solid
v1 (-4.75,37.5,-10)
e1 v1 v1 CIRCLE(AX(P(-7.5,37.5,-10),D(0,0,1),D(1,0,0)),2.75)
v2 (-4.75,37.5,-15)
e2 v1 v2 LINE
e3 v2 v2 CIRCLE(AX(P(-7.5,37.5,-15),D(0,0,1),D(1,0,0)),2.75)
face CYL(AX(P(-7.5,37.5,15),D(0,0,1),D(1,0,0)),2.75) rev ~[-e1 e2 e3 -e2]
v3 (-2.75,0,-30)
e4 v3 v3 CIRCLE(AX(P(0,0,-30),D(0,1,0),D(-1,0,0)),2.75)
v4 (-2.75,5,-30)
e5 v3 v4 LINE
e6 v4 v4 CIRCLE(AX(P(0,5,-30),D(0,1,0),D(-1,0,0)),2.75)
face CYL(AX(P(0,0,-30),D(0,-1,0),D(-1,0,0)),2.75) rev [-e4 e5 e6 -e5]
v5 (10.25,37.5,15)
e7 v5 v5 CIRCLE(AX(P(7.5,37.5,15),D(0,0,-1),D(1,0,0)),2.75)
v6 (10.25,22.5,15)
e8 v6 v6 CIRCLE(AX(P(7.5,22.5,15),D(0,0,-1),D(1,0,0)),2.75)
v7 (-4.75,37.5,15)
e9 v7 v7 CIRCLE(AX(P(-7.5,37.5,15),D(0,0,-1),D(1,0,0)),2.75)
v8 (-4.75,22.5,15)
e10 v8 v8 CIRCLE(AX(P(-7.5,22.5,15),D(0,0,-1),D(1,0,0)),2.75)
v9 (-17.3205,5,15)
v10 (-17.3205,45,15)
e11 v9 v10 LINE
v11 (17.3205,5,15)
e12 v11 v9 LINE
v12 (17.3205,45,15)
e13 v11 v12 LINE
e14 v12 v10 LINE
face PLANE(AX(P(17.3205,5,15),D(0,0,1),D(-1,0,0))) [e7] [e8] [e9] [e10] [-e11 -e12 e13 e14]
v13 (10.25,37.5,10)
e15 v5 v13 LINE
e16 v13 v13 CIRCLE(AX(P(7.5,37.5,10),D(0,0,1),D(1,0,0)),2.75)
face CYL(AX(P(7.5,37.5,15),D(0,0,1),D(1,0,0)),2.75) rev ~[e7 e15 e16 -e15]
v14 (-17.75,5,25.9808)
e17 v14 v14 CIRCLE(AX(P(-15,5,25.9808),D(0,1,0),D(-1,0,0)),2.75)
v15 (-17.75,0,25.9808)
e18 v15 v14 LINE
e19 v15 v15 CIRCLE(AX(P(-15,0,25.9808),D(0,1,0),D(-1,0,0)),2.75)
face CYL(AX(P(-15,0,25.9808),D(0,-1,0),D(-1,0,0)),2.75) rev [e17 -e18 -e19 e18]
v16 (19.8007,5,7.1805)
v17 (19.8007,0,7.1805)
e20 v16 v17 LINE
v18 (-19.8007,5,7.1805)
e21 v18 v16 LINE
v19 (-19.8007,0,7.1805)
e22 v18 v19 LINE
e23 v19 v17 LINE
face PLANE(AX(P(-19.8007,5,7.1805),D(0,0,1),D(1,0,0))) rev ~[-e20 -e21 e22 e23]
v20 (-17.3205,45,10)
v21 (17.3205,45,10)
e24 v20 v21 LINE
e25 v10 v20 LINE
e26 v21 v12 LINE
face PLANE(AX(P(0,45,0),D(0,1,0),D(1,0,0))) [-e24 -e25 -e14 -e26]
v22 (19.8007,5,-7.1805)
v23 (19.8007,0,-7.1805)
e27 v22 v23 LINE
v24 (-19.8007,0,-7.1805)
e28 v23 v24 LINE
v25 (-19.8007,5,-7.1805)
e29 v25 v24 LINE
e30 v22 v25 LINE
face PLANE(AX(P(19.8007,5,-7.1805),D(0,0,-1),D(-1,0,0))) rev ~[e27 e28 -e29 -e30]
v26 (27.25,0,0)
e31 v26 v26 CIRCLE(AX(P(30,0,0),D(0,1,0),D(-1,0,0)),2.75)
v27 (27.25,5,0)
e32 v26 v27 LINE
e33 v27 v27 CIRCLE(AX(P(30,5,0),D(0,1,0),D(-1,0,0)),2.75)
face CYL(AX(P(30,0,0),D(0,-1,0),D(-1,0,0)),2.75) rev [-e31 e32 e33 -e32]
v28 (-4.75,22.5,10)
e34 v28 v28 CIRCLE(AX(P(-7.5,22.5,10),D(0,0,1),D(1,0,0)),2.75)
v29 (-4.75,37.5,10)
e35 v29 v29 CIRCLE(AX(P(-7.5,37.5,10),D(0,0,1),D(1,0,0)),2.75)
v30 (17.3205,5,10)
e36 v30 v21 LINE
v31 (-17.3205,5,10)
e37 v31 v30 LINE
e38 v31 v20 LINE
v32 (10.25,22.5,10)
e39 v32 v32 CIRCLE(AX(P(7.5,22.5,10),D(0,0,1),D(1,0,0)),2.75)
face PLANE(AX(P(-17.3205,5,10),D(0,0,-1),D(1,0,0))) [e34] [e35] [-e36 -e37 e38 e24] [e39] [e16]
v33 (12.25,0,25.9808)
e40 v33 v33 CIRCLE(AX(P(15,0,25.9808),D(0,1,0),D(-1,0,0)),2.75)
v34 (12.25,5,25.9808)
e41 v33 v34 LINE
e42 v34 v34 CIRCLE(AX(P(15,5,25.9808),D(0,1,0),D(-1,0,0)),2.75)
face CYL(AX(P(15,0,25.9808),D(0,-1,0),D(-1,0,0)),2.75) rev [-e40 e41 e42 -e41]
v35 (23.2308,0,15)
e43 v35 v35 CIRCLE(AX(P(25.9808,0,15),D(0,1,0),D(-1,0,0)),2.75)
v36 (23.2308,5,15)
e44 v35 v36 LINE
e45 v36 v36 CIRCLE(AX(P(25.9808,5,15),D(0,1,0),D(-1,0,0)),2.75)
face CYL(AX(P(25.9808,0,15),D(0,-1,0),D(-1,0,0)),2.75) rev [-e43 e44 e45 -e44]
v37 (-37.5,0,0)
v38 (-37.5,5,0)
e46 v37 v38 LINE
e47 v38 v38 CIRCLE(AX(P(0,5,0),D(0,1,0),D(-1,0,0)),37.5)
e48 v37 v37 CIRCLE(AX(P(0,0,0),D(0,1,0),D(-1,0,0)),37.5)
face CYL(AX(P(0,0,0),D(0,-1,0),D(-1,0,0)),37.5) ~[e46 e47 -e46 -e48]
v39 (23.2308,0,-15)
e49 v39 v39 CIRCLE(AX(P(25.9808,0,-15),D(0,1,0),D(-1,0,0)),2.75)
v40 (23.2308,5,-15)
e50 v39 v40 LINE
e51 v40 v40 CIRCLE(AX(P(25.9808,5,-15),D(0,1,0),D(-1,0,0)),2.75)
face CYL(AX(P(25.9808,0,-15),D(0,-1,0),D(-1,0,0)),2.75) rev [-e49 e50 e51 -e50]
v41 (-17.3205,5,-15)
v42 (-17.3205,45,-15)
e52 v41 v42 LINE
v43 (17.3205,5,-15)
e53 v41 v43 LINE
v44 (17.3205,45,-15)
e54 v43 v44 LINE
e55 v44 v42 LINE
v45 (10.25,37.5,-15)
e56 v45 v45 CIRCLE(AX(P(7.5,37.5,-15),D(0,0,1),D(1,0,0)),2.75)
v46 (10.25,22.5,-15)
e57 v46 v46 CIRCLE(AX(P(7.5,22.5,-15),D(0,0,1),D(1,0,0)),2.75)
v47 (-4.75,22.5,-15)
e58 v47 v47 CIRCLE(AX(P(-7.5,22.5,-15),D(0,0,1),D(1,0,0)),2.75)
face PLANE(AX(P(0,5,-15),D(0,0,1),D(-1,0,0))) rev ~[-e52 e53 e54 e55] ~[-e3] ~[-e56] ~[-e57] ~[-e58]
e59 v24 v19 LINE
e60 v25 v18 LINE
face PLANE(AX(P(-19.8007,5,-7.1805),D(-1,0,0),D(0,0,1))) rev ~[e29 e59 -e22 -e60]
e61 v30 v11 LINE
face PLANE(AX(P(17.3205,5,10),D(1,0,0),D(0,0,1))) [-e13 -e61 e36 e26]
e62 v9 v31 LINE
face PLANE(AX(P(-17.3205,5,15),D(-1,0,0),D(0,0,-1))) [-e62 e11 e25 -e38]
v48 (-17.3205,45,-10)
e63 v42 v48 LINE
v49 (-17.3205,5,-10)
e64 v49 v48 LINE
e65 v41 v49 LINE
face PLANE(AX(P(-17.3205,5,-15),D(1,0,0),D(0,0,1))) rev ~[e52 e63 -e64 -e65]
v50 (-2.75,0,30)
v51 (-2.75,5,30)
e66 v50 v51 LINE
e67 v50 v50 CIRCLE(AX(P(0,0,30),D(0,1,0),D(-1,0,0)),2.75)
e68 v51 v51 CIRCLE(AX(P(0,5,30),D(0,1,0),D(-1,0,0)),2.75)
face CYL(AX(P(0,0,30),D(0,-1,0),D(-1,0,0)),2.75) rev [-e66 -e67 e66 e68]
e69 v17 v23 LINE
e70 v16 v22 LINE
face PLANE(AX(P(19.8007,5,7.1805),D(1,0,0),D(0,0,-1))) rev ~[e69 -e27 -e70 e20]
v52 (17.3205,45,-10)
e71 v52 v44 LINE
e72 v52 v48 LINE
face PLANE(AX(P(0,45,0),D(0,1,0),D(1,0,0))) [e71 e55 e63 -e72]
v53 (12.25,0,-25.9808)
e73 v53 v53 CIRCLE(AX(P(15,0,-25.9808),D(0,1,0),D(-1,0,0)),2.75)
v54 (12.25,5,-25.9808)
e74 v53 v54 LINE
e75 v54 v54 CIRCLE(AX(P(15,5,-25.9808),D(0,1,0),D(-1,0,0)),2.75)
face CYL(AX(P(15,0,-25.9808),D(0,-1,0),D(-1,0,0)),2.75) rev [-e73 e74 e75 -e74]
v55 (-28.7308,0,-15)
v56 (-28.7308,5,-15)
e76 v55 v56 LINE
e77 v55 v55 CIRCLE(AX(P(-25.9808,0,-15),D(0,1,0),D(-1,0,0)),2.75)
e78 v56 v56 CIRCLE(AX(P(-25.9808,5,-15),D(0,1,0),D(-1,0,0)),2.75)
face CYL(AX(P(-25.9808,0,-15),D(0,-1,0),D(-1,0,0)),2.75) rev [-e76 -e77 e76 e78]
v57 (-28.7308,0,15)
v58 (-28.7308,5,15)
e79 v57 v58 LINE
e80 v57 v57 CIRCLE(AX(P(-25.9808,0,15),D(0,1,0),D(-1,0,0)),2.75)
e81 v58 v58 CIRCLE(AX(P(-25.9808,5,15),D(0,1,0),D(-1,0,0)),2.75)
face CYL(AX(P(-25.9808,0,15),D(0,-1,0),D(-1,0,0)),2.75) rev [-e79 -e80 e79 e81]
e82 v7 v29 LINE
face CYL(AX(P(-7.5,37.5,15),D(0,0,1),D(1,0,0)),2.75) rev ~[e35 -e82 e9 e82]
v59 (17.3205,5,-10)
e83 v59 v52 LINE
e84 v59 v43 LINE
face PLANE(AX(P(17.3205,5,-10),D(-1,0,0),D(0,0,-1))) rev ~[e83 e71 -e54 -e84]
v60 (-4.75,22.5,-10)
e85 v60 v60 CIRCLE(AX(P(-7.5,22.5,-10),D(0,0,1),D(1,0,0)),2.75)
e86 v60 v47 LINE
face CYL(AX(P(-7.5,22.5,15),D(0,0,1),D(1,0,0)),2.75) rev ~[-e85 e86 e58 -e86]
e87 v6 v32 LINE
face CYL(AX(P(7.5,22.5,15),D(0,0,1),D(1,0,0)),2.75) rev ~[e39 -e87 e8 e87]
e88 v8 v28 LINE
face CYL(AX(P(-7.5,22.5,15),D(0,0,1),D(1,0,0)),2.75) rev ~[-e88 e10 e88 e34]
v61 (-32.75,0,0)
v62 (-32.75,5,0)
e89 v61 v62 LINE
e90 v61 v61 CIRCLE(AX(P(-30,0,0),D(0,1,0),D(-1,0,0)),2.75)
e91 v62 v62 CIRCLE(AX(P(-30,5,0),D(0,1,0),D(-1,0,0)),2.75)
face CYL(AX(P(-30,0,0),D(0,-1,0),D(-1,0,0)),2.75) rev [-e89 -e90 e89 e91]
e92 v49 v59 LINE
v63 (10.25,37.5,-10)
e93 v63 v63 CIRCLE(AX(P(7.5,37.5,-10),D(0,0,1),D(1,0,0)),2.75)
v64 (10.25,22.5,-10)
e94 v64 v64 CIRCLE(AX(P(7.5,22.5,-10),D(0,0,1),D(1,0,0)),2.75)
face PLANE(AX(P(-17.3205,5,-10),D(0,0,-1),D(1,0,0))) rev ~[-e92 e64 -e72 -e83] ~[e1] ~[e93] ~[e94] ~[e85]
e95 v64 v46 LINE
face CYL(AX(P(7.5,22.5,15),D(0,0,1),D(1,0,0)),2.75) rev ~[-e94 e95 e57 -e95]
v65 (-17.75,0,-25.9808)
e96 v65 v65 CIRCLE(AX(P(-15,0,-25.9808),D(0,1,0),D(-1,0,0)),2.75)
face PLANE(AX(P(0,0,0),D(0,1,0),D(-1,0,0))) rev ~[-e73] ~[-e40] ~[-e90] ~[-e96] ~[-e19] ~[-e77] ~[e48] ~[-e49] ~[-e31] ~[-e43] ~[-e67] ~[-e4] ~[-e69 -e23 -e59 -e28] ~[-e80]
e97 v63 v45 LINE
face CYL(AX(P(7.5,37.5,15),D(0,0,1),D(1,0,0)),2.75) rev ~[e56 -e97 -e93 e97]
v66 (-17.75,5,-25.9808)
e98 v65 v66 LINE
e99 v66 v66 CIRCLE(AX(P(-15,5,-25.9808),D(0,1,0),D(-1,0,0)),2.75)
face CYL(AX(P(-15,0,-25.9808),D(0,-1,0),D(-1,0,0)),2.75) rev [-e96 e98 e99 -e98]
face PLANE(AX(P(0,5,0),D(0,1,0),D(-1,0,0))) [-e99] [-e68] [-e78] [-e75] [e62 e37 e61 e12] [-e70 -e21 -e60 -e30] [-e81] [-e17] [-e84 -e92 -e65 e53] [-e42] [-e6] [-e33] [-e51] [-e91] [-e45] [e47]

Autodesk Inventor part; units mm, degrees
ref_plane "YZ Plane" through (0, 0, 0) normal (1, 0, 0) x (0, 1, 0)
ref_plane "XZ Plane" through (0, 0, 0) normal (0, 1, 0) x (-1, 0, 0)
ref_plane "XY Plane" through (0, 0, 0) normal (0, 0, 1) x (1, 0, 0)
sketch "Sketch1" plane through (0, 0, 0) normal (0, 1, 0) x (-1, 0, 0)
  circle A0 centre (0, 0) radius 37.5
  circle A1 centre (30, 0) radius 2.75
  circle A2 centre (25.9808, -15) radius 2.75
  circle A3 centre (15, -25.9808) radius 2.75
  circle A4 centre (0, -30) radius 2.75
  circle A5 centre (-15, -25.9808) radius 2.75
  circle A6 centre (-25.9808, -15) radius 2.75
  circle A7 centre (-30, 0) radius 2.75
  circle A8 centre (-25.9808, 15) radius 2.75
  circle A9 centre (-15, 25.9808) radius 2.75
  circle A10 centre (0, 30) radius 2.75
  circle A11 centre (15, 25.9808) radius 2.75
  circle A12 centre (25.9808, 15) radius 2.75
  circle A13 centre (21.0643, 0) radius 5 construction
  dimension "d1" = 5.5
  dimension "d4" = 360
  dimension "d33" = 30
  dimension "d34" = 75
extrude "Extrusion1" add sketch "Sketch1" along normal blind 5
sketch "Sketch2" plane through (0, 5, 0) normal (0, 1, 0) x (1, 0, 0)
  line L0 (0, 0) -> (-49.6447, 0)
  line L1 (0, 0) -> (0, 30.1523)
  line L2 (-17.3205, -10) -> (17.3205, -10)
  line L3 (17.3205, -10) -> (17.3205, -15)
  line L4 (17.3205, -15) -> (-17.3205, -15)
  line L5 (-17.3205, -15) -> (-17.3205, -10)
  line L6 (-17.3205, -10) -> (17.3205, -15) construction
  line L7 (17.3205, -10) -> (-17.3205, -15) construction
  line L8 (-17.3205, 10) -> (17.3205, 10)
  line L9 (17.3205, 10) -> (17.3205, 15)
  line L10 (17.3205, 15) -> (-17.3205, 15)
  line L11 (-17.3205, 15) -> (-17.3205, 10)
  line L12 (-17.3205, 10) -> (17.3205, 15) construction
  line L13 (17.3205, 10) -> (-17.3205, 15) construction
  point P0 (0, -12.5)
  point P1 (0, 12.5)
  dimension "d13" = 20
  dimension "d14" = 34.641
  dimension "d17" = 0
  dimension "d18" = 5
extrude "Extrusion2" add sketch "Sketch2" along normal blind 40
sketch "Sketch4" plane through (-17.3205, 5, 15) normal (0, 0, 1) x (1, 0, 0)
  line L0 (24.8205, 32.5) -> (9.8205, 32.5)
  line L1 (9.8205, 32.5) -> (9.8205, 17.5)
  line L2 (9.8205, 17.5) -> (24.8205, 17.5)
  line L3 (24.8205, 17.5) -> (24.8205, 32.5)
  line L4 (24.8205, 32.5) -> (9.8205, 17.5) construction
  line L5 (9.8205, 32.5) -> (24.8205, 17.5) construction
  line L6 (34.641, 0) -> (34.641, 40) projected
  line L7 (0, 40) -> (34.641, 40) projected
  circle A0 centre (9.8205, 32.5) radius 2.75
  circle A1 centre (24.8205, 32.5) radius 2.75
  circle A2 centre (24.8205, 17.5) radius 2.75
  circle A3 centre (9.8205, 17.5) radius 2.75
  point P0 (17.3205, -5)
  point P1 (17.3205, 25)
  dimension "d23" = 15
  dimension "d24" = 17.3205
  dimension "d25" = 15
  dimension "d26" = 15
  dimension "d27" = 5.5
  dimension "d28" = 5.5
  dimension "d29" = 5.5
  dimension "d30" = 5.5
extrude "Extrusion3" cut sketch "Sketch4" against normal blind 80 contours A0 L1 L0 | L0 L1 A0 | A1 L3 L0 | L0 L3 A1 | A3 L2 L1 | L1 L2 A3 | A2 L2 L3 | L3 L2 A2
sketch "Sketch5" plane through (0, 5, 0) normal (0, 1, 0) x (1, 0, 0)
  line L0 (19.8007, 7.1805) -> (-19.8007, 7.1805)
  line L1 (-19.8007, 7.1805) -> (-19.8007, -7.1805)
  line L2 (-19.8007, -7.1805) -> (19.8007, -7.1805)
  line L3 (19.8007, -7.1805) -> (19.8007, 7.1805)
  line L4 (19.8007, 7.1805) -> (-19.8007, -7.1805) construction
  line L5 (-19.8007, 7.1805) -> (19.8007, -7.1805) construction
  point P0 (0, 0)
extrude "Extrusion4" cut sketch "Sketch5" against normal blind 10
properties part number "Base"
